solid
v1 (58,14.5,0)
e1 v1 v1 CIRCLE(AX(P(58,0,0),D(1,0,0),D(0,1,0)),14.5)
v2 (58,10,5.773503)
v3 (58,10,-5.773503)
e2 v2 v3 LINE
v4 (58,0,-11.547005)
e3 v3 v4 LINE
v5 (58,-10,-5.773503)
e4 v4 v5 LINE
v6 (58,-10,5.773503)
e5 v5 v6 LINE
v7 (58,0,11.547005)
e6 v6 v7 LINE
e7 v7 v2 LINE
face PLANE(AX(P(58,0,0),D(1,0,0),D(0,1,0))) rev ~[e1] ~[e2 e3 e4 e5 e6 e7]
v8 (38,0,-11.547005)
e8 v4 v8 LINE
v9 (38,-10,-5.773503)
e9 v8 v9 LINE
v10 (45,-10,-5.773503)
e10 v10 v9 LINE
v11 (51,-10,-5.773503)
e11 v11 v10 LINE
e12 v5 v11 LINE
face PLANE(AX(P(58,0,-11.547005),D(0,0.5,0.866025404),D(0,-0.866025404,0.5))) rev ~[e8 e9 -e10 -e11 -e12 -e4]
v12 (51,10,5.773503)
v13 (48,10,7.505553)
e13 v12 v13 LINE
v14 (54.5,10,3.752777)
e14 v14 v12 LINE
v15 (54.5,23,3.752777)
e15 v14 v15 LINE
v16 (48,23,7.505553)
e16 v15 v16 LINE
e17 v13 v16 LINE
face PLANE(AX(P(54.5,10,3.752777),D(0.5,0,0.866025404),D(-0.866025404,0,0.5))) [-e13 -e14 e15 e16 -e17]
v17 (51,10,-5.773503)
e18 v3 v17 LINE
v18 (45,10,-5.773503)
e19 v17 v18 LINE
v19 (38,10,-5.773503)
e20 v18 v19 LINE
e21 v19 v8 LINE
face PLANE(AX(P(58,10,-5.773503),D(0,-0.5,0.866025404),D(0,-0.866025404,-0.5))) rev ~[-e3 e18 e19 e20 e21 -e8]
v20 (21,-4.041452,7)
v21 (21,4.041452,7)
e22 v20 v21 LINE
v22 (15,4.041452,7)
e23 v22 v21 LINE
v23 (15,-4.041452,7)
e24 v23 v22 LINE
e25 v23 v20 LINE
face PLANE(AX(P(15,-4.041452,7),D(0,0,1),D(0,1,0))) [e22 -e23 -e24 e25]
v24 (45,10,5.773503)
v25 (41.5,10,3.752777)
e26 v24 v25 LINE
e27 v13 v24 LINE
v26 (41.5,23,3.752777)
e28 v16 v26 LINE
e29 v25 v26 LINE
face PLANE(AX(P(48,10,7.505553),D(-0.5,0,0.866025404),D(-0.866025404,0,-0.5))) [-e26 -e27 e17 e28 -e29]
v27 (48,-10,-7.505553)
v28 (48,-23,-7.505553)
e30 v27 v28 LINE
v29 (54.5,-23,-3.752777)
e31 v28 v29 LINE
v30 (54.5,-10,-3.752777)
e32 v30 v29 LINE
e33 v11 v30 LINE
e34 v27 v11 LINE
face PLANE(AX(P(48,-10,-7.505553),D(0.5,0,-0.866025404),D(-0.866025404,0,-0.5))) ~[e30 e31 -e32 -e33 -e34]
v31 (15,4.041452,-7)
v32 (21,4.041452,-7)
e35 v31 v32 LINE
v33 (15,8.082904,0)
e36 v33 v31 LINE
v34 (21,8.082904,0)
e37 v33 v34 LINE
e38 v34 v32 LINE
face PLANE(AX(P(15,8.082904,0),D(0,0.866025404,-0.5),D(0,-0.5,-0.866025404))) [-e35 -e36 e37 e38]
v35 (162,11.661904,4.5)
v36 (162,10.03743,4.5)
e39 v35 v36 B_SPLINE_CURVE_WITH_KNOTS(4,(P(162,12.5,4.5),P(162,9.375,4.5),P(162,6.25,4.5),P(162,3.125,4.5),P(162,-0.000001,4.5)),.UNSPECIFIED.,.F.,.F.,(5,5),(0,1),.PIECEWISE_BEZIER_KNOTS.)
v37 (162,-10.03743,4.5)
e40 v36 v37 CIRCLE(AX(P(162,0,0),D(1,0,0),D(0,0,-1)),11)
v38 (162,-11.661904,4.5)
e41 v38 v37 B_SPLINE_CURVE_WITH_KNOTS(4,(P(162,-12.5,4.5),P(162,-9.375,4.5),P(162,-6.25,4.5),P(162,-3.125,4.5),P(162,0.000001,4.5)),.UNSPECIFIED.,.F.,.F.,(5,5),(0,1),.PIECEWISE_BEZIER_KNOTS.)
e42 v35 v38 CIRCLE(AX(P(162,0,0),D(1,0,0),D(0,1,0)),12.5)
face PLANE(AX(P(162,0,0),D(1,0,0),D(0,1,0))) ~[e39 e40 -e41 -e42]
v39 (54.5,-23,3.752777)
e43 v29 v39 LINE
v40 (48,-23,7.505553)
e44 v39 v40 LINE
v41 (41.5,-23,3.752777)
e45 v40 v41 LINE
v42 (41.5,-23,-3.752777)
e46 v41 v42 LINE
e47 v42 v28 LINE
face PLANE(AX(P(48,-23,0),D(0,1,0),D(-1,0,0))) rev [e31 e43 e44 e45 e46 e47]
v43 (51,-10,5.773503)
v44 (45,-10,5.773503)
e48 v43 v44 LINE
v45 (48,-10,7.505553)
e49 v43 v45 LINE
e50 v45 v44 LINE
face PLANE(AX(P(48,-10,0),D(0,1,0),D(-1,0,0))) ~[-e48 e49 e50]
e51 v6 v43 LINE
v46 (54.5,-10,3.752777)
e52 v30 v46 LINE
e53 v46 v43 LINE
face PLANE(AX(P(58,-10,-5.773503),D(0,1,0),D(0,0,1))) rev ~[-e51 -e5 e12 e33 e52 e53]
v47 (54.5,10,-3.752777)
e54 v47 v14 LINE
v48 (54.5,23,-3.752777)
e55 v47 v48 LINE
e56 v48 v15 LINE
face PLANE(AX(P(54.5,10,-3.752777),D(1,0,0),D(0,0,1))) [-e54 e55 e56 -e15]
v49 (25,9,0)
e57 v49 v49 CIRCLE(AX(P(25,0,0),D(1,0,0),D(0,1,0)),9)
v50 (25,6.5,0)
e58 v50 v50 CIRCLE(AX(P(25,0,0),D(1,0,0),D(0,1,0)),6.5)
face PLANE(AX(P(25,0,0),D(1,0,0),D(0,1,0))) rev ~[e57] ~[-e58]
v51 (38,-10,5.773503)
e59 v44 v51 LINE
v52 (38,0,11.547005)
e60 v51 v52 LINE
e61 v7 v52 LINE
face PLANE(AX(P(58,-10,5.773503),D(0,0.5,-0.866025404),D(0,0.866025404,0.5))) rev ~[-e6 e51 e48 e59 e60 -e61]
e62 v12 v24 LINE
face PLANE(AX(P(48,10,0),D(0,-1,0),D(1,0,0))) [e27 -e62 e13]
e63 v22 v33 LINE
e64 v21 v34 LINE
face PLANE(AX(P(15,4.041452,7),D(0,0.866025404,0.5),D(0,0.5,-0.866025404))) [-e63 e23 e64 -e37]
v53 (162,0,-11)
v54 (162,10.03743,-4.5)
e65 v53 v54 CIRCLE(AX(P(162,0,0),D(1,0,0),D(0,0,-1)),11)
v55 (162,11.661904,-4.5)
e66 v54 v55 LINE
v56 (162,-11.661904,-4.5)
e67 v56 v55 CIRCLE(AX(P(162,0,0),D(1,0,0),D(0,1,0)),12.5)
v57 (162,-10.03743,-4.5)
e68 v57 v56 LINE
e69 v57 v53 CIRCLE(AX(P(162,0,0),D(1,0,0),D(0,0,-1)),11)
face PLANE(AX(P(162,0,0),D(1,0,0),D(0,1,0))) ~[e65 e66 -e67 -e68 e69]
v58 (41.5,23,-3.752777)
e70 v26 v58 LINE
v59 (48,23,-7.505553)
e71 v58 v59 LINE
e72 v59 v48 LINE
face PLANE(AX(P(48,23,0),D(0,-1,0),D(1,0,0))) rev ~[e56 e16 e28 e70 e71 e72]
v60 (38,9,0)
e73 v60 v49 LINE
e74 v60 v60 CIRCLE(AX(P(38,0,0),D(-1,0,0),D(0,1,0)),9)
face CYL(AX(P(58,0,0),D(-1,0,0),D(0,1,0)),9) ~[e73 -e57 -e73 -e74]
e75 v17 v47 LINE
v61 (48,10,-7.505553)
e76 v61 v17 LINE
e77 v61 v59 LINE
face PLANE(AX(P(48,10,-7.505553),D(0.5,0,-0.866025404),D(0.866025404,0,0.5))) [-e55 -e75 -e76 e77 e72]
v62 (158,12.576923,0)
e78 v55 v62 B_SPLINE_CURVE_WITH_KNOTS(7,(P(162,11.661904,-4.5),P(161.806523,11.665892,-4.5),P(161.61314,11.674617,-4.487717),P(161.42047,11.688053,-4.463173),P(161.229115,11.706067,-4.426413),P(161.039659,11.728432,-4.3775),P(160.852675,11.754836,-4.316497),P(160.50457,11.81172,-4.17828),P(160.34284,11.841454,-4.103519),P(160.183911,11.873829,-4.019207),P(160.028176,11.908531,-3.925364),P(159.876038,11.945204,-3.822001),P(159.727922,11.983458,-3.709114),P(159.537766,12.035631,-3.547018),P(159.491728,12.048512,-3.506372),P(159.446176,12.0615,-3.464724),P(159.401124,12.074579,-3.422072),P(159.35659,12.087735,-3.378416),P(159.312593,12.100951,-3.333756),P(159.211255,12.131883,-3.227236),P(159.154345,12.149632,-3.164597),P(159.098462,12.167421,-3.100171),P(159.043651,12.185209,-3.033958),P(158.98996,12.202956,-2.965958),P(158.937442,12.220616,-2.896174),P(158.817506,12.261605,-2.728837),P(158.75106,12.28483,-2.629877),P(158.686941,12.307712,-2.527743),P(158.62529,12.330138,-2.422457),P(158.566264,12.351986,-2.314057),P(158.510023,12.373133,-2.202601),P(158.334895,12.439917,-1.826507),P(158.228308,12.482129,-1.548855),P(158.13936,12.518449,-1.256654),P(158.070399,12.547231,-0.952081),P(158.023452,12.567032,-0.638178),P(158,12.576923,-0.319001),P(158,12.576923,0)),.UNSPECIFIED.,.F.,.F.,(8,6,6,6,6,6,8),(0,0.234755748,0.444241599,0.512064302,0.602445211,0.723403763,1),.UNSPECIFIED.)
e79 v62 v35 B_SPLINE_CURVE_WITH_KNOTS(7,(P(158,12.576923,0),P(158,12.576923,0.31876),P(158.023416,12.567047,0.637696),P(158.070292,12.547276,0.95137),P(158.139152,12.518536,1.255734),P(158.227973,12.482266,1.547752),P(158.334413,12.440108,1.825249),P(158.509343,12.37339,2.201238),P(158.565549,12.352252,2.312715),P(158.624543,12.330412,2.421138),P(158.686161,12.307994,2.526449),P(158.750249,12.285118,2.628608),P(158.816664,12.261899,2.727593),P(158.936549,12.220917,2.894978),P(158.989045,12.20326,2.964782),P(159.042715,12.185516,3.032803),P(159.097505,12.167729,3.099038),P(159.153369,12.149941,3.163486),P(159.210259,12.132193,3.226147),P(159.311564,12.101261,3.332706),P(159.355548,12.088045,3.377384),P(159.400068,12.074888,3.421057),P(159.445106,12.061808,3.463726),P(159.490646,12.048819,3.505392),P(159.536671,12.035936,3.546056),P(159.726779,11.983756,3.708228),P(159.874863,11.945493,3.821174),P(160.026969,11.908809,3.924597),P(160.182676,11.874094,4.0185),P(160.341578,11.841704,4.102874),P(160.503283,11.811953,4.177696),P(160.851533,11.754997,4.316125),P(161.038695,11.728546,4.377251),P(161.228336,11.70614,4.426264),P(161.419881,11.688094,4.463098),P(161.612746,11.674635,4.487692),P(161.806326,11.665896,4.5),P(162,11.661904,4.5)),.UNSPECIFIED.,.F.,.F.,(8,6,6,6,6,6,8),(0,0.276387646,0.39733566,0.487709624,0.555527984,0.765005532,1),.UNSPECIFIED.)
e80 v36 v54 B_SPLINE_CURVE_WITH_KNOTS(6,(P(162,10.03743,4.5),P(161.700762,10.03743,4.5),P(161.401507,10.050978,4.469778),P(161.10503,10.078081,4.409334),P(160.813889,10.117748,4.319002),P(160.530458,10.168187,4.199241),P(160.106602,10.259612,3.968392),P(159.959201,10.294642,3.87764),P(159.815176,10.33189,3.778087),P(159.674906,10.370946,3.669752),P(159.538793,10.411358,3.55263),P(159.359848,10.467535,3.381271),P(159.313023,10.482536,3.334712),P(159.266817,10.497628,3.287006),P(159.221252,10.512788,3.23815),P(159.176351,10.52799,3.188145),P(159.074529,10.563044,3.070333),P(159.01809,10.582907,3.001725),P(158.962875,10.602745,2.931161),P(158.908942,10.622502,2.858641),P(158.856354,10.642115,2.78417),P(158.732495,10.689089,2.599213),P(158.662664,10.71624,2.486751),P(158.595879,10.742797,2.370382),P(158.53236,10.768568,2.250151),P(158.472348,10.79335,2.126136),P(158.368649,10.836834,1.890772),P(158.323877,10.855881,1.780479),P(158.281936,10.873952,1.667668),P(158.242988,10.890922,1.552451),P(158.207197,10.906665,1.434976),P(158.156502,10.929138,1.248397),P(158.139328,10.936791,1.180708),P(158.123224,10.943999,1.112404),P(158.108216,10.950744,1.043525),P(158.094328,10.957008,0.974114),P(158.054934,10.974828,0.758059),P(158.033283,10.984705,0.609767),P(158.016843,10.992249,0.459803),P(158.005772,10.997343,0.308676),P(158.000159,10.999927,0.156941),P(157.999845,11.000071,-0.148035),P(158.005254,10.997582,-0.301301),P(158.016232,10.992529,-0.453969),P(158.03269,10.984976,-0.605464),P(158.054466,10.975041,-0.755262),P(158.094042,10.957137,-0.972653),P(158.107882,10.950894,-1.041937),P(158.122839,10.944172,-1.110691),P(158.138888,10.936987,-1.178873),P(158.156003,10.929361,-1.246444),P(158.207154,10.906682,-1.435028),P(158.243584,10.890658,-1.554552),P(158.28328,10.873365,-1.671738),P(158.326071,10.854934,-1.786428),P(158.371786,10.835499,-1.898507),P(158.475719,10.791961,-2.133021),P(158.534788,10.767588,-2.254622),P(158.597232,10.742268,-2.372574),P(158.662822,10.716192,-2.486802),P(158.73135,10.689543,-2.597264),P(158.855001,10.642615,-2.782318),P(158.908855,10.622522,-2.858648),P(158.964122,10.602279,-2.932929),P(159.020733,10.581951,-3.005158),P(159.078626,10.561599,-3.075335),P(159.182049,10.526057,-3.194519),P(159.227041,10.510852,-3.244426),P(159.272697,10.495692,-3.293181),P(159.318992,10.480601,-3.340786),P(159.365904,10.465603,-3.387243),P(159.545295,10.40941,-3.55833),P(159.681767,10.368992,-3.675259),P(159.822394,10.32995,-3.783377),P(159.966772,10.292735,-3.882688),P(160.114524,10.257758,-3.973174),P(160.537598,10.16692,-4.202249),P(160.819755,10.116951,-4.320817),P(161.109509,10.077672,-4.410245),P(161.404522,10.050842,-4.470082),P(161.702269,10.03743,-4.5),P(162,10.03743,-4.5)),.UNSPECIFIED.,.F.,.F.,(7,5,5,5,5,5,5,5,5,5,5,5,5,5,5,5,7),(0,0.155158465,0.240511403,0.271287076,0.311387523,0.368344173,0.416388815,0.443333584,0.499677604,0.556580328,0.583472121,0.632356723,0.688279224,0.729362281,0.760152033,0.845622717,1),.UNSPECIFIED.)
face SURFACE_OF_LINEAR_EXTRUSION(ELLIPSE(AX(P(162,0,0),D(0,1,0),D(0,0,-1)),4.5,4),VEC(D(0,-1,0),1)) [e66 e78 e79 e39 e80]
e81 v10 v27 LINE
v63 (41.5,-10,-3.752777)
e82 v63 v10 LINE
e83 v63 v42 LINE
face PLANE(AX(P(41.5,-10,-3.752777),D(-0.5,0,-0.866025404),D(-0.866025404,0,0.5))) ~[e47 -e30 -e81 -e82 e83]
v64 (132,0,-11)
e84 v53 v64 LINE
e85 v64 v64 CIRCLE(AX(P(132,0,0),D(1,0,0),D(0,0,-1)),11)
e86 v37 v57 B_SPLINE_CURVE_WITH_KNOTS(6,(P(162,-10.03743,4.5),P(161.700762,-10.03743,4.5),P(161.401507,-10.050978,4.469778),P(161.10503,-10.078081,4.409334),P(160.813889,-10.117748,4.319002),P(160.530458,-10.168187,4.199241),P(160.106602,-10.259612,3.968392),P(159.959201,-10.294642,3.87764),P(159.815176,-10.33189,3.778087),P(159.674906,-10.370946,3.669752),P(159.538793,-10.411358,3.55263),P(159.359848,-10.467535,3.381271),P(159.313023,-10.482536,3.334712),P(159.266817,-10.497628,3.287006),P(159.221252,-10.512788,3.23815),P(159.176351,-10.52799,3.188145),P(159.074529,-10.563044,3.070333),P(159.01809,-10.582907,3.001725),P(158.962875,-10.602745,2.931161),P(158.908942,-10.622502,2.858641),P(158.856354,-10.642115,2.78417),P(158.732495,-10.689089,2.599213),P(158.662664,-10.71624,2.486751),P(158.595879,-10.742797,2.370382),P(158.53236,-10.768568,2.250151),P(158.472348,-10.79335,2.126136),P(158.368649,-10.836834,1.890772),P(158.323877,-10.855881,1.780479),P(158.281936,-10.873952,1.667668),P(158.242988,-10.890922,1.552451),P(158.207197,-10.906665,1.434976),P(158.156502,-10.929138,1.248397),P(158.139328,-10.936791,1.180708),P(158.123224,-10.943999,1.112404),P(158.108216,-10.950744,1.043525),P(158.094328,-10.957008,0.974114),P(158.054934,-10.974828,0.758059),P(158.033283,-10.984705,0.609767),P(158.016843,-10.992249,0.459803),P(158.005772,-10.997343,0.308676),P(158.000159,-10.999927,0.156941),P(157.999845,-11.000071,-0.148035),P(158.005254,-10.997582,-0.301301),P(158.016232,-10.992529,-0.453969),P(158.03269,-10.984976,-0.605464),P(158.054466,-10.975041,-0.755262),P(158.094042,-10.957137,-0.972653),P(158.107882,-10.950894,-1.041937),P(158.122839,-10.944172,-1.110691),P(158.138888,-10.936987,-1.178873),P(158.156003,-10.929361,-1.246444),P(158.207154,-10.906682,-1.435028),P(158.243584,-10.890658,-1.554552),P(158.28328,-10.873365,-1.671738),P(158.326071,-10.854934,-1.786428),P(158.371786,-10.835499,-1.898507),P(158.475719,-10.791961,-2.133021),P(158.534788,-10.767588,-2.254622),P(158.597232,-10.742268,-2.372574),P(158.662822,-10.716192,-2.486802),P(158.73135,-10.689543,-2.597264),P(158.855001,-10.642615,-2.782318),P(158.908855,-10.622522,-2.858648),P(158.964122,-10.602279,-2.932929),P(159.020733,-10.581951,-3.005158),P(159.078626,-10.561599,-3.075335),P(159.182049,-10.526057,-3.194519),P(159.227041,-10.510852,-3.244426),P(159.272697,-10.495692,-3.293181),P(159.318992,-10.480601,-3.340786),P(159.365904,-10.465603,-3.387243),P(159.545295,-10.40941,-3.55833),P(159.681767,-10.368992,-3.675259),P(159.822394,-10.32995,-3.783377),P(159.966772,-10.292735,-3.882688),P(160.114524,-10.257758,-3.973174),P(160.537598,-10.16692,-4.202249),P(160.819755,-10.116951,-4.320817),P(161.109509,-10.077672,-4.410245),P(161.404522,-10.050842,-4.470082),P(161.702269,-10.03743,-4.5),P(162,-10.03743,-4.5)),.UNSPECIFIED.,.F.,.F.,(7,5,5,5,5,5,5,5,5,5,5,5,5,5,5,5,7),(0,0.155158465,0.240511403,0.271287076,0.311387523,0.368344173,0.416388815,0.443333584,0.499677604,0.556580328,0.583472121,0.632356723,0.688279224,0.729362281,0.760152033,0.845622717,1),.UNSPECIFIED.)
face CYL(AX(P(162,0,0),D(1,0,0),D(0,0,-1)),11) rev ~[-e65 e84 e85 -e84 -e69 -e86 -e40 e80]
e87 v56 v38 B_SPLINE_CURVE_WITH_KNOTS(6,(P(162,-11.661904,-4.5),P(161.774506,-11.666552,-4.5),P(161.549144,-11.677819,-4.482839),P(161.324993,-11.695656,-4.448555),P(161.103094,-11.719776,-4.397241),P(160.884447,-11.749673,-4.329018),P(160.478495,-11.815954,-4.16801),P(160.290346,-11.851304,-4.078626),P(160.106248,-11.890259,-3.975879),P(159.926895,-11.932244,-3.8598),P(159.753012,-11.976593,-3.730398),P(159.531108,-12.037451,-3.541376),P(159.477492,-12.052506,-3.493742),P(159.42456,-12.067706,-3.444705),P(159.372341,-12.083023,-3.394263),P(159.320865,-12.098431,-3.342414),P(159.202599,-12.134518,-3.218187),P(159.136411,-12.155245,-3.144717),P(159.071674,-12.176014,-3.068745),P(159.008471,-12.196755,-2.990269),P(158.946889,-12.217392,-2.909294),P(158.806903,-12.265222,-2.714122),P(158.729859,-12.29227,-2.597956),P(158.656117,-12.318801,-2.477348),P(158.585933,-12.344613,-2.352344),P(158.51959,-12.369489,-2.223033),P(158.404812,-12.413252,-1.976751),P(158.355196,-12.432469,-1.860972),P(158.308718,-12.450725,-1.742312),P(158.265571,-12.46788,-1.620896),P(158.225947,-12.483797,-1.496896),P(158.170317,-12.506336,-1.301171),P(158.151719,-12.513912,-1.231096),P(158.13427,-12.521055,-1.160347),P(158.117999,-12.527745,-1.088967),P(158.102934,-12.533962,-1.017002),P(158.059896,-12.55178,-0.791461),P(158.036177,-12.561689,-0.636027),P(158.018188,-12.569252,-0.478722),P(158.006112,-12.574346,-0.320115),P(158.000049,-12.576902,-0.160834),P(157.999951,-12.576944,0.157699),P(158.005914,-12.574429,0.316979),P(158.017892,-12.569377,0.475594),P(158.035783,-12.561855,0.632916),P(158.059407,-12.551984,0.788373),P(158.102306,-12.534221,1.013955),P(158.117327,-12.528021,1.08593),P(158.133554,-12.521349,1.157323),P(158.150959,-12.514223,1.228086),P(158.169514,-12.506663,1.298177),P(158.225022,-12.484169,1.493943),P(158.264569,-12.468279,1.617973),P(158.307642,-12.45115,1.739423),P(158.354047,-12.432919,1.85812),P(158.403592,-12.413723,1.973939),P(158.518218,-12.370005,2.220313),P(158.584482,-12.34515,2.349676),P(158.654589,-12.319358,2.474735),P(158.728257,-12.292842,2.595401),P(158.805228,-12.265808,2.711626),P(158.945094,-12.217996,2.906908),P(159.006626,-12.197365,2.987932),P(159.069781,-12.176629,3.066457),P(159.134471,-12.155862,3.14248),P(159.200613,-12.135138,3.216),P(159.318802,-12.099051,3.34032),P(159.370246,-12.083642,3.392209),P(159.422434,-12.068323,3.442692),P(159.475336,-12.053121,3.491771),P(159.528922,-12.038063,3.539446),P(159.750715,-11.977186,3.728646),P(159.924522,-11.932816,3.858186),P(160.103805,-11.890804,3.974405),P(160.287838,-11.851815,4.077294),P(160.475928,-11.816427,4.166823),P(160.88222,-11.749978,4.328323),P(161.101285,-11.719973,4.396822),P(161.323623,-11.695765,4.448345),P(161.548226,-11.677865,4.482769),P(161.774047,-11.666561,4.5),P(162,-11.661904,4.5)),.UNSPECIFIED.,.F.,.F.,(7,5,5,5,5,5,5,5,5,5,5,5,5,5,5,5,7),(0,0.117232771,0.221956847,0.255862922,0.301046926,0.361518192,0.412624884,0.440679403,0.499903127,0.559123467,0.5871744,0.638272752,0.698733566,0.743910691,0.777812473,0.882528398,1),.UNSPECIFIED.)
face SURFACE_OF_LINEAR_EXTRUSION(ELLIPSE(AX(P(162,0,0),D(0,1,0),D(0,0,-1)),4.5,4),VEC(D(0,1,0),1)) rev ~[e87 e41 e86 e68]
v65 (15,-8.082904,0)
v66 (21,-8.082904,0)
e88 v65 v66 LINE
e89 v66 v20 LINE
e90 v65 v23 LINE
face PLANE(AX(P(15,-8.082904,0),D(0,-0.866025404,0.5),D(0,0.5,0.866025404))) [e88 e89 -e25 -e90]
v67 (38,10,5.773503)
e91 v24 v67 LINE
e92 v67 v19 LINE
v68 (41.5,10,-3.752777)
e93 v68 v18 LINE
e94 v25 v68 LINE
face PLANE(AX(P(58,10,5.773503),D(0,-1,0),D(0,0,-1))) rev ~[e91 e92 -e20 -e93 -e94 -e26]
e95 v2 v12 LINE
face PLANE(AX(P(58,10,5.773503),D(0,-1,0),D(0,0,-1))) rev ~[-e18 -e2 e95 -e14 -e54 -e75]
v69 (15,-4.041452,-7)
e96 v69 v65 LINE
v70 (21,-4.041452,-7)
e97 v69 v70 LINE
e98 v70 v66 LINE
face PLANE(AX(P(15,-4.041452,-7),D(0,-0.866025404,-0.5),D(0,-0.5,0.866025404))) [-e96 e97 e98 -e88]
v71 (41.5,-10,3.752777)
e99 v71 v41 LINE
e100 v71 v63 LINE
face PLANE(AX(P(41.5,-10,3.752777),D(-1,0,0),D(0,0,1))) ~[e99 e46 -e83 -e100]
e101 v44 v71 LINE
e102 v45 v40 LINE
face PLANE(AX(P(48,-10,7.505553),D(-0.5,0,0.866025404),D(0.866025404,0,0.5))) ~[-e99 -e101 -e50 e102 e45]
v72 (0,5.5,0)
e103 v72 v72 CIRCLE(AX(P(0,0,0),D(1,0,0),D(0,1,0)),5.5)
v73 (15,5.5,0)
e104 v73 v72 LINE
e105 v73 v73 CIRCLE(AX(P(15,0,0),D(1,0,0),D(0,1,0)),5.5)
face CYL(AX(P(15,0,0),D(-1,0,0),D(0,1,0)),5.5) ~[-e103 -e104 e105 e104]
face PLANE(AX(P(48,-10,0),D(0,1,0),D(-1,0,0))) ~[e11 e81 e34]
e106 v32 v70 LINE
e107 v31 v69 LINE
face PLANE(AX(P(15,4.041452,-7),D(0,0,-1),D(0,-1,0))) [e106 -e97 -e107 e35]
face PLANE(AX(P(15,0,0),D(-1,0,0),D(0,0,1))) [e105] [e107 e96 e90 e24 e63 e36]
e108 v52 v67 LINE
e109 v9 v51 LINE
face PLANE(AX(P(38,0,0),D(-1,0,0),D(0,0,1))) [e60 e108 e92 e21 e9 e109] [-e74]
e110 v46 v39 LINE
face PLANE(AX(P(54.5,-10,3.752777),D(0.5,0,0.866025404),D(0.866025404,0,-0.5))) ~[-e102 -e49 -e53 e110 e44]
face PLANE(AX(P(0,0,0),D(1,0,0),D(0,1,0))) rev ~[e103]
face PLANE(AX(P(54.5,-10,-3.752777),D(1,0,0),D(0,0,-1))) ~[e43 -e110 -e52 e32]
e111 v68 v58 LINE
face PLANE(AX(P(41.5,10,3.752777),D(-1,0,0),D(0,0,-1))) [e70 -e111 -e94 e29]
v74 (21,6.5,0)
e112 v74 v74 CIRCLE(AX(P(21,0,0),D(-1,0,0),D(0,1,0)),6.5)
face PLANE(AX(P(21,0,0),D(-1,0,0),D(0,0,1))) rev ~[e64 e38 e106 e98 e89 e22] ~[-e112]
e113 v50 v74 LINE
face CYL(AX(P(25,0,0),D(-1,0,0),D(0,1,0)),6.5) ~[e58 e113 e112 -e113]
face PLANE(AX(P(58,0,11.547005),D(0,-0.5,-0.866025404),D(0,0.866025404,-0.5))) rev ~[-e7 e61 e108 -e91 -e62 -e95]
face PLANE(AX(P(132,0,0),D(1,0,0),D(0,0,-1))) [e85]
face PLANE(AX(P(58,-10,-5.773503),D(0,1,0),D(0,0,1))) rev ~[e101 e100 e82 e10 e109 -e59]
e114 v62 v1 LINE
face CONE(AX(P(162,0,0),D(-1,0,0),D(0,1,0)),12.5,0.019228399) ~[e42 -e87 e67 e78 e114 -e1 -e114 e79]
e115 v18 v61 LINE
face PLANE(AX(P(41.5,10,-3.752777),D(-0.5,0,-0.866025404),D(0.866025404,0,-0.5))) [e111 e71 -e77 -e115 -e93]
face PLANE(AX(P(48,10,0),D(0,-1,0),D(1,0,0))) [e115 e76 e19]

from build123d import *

# Parameters (mm, degrees)
BOSS_EXTRUDE1_DEPTH = 6
BOSS_EXTRUDE2_DEPTH = 20
SKETCH4_RX          = 4.5
SKETCH4_RY          = 4
CUT_EXTRUDE1_DEPTH  = 15
SKETCH5_R           = 11
CUT_EXTRUDE2_DEPTH  = 30
BOSS_EXTRUDE3_DEPTH = 13


with BuildPart() as part:
    # Sketch1 → Revolve1 (revolve)
    with BuildSketch(Plane.XY):
        Polygon((0, 0), (162, 0), (162, 12.5), (58, 14.5), (58, 9), (25, 9), (25, 6.5), (15, 6.5), (15, 5.5), (0, 5.5), align=None)
    revolve(axis=Axis((0, 0, 0), (1, 0, 0)))

    # Sketch2 → Boss-Extrude1 (add)
    with BuildSketch(Plane.ZY.offset(-15)):
        Polygon((0, 8.082903769), (-7, 4.041451884), (-7, -4.041451884), (0, -8.082903769), (7, -4.041451884), (7, 4.041451884), align=None)
    extrude(amount=-BOSS_EXTRUDE1_DEPTH)

    # Sketch3 → Boss-Extrude2 (add)
    with BuildSketch(Plane.ZY.offset(-58)):
        Polygon((5.773502692, 10), (-5.773502692, 10), (-11.547005384, 0), (-5.773502692, -10), (5.773502692, -10), (11.547005384, 0), align=None)
    extrude(amount=BOSS_EXTRUDE2_DEPTH)

    # Sketch4 → Cut-Extrude1 (cut, symmetric)
    with BuildSketch(Plane(origin=(0, 0, 0), x_dir=(1, 0, 0), z_dir=(0, 1, 0))):
        with Locations(Location((162, 0), (0, 0, 90))):
            Ellipse(SKETCH4_RX, SKETCH4_RY)
    extrude(amount=CUT_EXTRUDE1_DEPTH, both=True, mode=Mode.SUBTRACT)

    # Sketch5 → Cut-Extrude2 (cut)
    with BuildSketch(Plane(origin=(162, 0, 0), x_dir=(0, 0, -1), z_dir=(1, 0, 0))):
        Circle(SKETCH5_R)
    extrude(amount=-CUT_EXTRUDE2_DEPTH, mode=Mode.SUBTRACT)

    # Sketch6 → Boss-Extrude3 (add)
    with BuildSketch(Plane.XZ.offset(-10)):
        Polygon((48, 7.505553499), (41.5, 3.75277675), (41.5, -3.75277675), (48, -7.505553499), (54.5, -3.75277675), (54.5, 3.75277675), align=None)
    boss_extrude3 = extrude(amount=-BOSS_EXTRUDE3_DEPTH)

    # Mirror1: Boss-Extrude3 across plane
    add(boss_extrude3.mirror(Plane.ZX))


solid = part.part
